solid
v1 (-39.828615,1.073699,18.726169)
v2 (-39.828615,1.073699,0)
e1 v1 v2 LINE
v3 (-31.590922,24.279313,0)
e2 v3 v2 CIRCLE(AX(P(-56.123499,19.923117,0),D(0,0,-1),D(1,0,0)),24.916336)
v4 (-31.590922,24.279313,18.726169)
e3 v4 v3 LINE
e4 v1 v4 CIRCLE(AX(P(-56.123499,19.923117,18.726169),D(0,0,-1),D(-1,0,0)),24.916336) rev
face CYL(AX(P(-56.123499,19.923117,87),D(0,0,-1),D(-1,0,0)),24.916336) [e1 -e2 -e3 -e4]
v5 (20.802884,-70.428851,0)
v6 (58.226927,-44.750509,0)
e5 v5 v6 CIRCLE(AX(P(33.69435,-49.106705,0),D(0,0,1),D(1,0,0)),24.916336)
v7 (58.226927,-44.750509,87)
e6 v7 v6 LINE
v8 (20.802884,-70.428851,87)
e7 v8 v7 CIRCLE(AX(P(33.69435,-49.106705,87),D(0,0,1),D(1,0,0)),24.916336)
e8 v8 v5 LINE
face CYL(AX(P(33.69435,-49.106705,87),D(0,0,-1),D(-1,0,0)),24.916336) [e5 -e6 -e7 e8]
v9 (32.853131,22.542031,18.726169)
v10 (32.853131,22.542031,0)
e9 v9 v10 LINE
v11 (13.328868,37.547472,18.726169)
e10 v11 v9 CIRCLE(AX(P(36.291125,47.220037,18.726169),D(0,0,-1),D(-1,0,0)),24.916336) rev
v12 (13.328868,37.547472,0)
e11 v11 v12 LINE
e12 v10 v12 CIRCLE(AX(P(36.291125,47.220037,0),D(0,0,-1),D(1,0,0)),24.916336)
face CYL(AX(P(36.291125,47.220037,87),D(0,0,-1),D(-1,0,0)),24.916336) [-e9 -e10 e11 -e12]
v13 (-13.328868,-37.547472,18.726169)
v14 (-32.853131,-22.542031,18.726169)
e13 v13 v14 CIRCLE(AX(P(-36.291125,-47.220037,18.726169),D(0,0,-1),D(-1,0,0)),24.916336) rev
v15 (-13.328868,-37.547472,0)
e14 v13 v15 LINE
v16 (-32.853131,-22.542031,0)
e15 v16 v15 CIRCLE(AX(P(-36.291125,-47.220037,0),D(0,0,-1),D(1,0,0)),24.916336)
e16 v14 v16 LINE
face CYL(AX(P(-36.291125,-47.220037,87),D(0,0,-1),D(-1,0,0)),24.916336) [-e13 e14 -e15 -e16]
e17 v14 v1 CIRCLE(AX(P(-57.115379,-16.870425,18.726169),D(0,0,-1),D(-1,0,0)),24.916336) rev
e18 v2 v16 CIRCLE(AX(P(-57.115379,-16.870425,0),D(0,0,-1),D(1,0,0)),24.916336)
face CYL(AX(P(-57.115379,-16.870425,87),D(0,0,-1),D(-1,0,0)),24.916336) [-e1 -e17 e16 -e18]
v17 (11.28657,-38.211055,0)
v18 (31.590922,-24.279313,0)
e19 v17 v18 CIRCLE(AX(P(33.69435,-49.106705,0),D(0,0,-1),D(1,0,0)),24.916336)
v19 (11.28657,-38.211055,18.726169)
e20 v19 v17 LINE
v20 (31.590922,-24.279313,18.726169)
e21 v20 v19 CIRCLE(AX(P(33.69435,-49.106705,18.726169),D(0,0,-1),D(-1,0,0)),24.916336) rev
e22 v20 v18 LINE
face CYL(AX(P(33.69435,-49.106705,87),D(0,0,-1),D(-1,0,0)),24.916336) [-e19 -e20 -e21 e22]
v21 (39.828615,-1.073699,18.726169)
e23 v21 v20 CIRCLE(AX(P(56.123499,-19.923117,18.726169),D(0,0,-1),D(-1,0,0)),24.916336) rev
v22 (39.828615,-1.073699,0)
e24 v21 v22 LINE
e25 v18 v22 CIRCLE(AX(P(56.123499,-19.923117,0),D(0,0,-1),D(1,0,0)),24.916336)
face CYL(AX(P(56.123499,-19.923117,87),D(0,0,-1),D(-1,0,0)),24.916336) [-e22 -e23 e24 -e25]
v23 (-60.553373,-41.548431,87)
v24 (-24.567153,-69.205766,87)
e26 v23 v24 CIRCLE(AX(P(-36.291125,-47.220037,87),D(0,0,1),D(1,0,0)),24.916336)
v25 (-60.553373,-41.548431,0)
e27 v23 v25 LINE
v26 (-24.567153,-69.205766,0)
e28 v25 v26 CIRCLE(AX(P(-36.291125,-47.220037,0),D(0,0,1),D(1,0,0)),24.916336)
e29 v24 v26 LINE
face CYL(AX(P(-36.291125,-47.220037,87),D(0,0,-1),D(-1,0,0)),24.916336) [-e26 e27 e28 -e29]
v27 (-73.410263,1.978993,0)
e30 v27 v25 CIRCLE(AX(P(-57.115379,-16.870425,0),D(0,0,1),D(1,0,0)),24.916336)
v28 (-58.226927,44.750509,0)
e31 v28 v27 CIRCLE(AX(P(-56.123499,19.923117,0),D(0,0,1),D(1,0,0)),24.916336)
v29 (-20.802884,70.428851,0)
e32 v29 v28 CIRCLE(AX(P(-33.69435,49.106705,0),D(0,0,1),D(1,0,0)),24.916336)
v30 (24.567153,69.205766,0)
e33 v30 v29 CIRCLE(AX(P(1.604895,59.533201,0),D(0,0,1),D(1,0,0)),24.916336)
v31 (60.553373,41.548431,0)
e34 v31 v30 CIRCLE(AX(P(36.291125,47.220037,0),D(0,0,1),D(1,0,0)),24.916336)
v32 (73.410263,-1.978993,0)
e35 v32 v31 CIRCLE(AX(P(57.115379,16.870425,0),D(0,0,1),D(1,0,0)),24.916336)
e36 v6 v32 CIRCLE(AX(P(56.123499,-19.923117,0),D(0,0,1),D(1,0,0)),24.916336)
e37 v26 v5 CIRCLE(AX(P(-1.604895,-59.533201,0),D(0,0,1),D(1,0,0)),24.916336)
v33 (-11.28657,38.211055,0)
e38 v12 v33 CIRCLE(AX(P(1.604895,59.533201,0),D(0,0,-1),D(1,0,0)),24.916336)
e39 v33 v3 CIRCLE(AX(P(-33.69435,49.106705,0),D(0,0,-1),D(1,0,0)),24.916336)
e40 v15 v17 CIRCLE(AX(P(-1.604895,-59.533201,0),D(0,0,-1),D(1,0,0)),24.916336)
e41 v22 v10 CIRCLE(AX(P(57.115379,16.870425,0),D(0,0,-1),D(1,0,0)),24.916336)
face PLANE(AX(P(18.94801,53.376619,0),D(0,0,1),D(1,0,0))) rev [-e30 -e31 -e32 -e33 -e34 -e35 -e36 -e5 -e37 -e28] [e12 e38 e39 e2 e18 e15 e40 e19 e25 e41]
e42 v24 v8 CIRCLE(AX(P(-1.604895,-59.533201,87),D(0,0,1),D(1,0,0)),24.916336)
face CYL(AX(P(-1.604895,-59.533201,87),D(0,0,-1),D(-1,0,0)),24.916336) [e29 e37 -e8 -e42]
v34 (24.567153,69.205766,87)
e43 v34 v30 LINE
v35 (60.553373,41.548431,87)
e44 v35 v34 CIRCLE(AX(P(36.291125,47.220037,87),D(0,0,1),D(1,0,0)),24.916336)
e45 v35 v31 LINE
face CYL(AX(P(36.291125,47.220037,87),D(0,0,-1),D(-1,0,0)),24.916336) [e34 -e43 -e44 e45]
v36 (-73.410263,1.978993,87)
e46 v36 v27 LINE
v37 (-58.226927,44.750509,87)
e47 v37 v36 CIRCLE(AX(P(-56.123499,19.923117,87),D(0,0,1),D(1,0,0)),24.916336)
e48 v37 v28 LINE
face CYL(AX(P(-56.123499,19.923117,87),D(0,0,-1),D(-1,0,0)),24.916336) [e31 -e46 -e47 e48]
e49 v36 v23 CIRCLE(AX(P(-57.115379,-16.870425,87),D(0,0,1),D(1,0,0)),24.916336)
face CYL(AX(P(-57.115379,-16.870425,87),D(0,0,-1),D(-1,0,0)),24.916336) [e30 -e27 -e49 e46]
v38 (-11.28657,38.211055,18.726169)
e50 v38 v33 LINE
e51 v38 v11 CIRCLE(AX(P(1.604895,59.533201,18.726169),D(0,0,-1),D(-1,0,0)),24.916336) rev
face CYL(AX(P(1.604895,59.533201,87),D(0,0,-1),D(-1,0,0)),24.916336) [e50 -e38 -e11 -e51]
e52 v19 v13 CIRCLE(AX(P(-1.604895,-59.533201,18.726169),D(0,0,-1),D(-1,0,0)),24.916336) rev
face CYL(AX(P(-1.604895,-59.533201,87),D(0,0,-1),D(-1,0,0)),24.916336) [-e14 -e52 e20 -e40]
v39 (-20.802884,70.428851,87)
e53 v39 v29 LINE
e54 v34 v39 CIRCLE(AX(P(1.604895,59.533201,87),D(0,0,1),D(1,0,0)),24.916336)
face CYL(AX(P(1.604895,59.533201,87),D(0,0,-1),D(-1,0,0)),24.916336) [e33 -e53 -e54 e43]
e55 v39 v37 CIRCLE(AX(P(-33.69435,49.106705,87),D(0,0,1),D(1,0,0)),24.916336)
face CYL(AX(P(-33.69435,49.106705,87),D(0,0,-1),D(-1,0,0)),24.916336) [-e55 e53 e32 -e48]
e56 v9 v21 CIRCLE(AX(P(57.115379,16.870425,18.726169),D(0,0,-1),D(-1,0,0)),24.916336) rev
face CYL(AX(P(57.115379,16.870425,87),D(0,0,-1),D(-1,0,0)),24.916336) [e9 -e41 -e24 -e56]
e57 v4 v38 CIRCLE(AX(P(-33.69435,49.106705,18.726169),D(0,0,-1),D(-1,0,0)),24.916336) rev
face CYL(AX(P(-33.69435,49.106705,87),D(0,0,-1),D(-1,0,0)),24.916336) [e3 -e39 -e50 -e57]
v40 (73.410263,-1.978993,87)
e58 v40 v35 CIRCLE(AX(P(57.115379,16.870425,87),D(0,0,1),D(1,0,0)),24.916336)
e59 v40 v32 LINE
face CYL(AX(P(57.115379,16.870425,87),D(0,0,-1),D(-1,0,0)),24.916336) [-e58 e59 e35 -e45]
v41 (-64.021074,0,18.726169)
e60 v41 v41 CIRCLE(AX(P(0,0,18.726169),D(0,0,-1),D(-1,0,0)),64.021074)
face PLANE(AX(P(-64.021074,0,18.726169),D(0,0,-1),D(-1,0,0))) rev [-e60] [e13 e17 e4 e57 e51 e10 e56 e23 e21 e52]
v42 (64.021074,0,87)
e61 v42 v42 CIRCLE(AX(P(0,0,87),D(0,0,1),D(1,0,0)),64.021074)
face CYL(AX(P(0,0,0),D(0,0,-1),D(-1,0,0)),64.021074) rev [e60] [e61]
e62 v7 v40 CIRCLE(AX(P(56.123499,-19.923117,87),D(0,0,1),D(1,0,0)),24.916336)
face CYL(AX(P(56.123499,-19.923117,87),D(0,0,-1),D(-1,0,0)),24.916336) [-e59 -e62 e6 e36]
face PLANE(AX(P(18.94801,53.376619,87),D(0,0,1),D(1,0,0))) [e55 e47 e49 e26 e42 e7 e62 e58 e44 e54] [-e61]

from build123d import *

# Parameters (mm, degrees)
EXTRUDE_1_DEPTH = 87
SKETCH_2_W      = 30.108921009
SKETCH_2_H      = 80.924328046


with BuildPart() as part:
    # 草图1 → 凸台-拉伸1 (new body)
    with BuildSketch(Plane.XY):
        with BuildLine():
            ThreePointArc((-20.80288439, 70.428851171), (-47.791271034, 69.651792293), (-58.226927057, 44.750508842))
            ThreePointArc((-58.226927057, 44.750508842), (-79.604246754, 28.258479352), (-73.41026265, 1.978993149))
            ThreePointArc((-73.41026265, 1.978993149), (-81.011105864, -23.928612231), (-60.553373033, -41.548430663))
            ThreePointArc((-60.553373033, -41.548430663), (-51.474476, -66.975787246), (-24.567153051, -69.205766141))
            ThreePointArc((-24.567153051, -69.205766141), (-2.276345856, -84.440487955), (20.80288439, -70.428851171))
            ThreePointArc((20.80288439, -70.428851171), (47.791271034, -69.651792293), (58.226927057, -44.750508842))
            ThreePointArc((58.226927057, -44.750508842), (79.604246754, -28.258479352), (73.41026265, -1.978993149))
            ThreePointArc((73.41026265, -1.978993149), (81.011105864, 23.928612231), (60.553373033, 41.548430663))
            ThreePointArc((60.553373033, 41.548430663), (51.474476, 66.975787246), (24.567153051, 69.205766141))
            ThreePointArc((24.567153051, 69.205766141), (2.276345856, 84.440487955), (-20.80288439, 70.428851171))
        make_face()
        with BuildLine():
            ThreePointArc((-11.286570005, 38.211054977), (0.933445053, 34.625913967), (13.328867648, 37.547472247))
            ThreePointArc((13.328867648, 37.547472247), (21.107774488, 27.464287609), (32.853130891, 22.542031311))
            ThreePointArc((32.853130891, 22.542031311), (33.219651496, 9.812236861), (39.82861477, -1.073699411))
            ThreePointArc((39.82861477, -1.073699411), (32.642750726, -11.587754862), (31.590921532, -24.279313452))
            ThreePointArc((31.590921532, -24.279313452), (19.597428665, -28.561618081), (11.286570005, -38.211054977))
            ThreePointArc((11.286570005, -38.211054977), (-0.933445053, -34.625913967), (-13.328867648, -37.547472247))
            ThreePointArc((-13.328867648, -37.547472247), (-21.107774488, -27.464287609), (-32.853130891, -22.542031311))
            ThreePointArc((-32.853130891, -22.542031311), (-33.219651496, -9.812236861), (-39.82861477, 1.073699411))
            ThreePointArc((-39.82861477, 1.073699411), (-32.642750726, 11.587754862), (-31.590921532, 24.279313452))
            ThreePointArc((-31.590921532, 24.279313452), (-19.597428665, 28.561618081), (-11.286570005, 38.211054977))
        make_face(mode=Mode.SUBTRACT)
    extrude(amount=EXTRUDE_1_DEPTH)

    # 草图2 → 切除-旋转1 (revolve, cut)
    with BuildSketch(Plane(origin=(0, 0, 0), x_dir=(1, 0, 0), z_dir=(0, 1, 0))):
        with Locations((-48.966613642, -59.188332526)):
            Rectangle(SKETCH_2_W, SKETCH_2_H)
    revolve(axis=Axis((0, 0, 0), (0, 0, 1)), mode=Mode.SUBTRACT)


solid = part.part
